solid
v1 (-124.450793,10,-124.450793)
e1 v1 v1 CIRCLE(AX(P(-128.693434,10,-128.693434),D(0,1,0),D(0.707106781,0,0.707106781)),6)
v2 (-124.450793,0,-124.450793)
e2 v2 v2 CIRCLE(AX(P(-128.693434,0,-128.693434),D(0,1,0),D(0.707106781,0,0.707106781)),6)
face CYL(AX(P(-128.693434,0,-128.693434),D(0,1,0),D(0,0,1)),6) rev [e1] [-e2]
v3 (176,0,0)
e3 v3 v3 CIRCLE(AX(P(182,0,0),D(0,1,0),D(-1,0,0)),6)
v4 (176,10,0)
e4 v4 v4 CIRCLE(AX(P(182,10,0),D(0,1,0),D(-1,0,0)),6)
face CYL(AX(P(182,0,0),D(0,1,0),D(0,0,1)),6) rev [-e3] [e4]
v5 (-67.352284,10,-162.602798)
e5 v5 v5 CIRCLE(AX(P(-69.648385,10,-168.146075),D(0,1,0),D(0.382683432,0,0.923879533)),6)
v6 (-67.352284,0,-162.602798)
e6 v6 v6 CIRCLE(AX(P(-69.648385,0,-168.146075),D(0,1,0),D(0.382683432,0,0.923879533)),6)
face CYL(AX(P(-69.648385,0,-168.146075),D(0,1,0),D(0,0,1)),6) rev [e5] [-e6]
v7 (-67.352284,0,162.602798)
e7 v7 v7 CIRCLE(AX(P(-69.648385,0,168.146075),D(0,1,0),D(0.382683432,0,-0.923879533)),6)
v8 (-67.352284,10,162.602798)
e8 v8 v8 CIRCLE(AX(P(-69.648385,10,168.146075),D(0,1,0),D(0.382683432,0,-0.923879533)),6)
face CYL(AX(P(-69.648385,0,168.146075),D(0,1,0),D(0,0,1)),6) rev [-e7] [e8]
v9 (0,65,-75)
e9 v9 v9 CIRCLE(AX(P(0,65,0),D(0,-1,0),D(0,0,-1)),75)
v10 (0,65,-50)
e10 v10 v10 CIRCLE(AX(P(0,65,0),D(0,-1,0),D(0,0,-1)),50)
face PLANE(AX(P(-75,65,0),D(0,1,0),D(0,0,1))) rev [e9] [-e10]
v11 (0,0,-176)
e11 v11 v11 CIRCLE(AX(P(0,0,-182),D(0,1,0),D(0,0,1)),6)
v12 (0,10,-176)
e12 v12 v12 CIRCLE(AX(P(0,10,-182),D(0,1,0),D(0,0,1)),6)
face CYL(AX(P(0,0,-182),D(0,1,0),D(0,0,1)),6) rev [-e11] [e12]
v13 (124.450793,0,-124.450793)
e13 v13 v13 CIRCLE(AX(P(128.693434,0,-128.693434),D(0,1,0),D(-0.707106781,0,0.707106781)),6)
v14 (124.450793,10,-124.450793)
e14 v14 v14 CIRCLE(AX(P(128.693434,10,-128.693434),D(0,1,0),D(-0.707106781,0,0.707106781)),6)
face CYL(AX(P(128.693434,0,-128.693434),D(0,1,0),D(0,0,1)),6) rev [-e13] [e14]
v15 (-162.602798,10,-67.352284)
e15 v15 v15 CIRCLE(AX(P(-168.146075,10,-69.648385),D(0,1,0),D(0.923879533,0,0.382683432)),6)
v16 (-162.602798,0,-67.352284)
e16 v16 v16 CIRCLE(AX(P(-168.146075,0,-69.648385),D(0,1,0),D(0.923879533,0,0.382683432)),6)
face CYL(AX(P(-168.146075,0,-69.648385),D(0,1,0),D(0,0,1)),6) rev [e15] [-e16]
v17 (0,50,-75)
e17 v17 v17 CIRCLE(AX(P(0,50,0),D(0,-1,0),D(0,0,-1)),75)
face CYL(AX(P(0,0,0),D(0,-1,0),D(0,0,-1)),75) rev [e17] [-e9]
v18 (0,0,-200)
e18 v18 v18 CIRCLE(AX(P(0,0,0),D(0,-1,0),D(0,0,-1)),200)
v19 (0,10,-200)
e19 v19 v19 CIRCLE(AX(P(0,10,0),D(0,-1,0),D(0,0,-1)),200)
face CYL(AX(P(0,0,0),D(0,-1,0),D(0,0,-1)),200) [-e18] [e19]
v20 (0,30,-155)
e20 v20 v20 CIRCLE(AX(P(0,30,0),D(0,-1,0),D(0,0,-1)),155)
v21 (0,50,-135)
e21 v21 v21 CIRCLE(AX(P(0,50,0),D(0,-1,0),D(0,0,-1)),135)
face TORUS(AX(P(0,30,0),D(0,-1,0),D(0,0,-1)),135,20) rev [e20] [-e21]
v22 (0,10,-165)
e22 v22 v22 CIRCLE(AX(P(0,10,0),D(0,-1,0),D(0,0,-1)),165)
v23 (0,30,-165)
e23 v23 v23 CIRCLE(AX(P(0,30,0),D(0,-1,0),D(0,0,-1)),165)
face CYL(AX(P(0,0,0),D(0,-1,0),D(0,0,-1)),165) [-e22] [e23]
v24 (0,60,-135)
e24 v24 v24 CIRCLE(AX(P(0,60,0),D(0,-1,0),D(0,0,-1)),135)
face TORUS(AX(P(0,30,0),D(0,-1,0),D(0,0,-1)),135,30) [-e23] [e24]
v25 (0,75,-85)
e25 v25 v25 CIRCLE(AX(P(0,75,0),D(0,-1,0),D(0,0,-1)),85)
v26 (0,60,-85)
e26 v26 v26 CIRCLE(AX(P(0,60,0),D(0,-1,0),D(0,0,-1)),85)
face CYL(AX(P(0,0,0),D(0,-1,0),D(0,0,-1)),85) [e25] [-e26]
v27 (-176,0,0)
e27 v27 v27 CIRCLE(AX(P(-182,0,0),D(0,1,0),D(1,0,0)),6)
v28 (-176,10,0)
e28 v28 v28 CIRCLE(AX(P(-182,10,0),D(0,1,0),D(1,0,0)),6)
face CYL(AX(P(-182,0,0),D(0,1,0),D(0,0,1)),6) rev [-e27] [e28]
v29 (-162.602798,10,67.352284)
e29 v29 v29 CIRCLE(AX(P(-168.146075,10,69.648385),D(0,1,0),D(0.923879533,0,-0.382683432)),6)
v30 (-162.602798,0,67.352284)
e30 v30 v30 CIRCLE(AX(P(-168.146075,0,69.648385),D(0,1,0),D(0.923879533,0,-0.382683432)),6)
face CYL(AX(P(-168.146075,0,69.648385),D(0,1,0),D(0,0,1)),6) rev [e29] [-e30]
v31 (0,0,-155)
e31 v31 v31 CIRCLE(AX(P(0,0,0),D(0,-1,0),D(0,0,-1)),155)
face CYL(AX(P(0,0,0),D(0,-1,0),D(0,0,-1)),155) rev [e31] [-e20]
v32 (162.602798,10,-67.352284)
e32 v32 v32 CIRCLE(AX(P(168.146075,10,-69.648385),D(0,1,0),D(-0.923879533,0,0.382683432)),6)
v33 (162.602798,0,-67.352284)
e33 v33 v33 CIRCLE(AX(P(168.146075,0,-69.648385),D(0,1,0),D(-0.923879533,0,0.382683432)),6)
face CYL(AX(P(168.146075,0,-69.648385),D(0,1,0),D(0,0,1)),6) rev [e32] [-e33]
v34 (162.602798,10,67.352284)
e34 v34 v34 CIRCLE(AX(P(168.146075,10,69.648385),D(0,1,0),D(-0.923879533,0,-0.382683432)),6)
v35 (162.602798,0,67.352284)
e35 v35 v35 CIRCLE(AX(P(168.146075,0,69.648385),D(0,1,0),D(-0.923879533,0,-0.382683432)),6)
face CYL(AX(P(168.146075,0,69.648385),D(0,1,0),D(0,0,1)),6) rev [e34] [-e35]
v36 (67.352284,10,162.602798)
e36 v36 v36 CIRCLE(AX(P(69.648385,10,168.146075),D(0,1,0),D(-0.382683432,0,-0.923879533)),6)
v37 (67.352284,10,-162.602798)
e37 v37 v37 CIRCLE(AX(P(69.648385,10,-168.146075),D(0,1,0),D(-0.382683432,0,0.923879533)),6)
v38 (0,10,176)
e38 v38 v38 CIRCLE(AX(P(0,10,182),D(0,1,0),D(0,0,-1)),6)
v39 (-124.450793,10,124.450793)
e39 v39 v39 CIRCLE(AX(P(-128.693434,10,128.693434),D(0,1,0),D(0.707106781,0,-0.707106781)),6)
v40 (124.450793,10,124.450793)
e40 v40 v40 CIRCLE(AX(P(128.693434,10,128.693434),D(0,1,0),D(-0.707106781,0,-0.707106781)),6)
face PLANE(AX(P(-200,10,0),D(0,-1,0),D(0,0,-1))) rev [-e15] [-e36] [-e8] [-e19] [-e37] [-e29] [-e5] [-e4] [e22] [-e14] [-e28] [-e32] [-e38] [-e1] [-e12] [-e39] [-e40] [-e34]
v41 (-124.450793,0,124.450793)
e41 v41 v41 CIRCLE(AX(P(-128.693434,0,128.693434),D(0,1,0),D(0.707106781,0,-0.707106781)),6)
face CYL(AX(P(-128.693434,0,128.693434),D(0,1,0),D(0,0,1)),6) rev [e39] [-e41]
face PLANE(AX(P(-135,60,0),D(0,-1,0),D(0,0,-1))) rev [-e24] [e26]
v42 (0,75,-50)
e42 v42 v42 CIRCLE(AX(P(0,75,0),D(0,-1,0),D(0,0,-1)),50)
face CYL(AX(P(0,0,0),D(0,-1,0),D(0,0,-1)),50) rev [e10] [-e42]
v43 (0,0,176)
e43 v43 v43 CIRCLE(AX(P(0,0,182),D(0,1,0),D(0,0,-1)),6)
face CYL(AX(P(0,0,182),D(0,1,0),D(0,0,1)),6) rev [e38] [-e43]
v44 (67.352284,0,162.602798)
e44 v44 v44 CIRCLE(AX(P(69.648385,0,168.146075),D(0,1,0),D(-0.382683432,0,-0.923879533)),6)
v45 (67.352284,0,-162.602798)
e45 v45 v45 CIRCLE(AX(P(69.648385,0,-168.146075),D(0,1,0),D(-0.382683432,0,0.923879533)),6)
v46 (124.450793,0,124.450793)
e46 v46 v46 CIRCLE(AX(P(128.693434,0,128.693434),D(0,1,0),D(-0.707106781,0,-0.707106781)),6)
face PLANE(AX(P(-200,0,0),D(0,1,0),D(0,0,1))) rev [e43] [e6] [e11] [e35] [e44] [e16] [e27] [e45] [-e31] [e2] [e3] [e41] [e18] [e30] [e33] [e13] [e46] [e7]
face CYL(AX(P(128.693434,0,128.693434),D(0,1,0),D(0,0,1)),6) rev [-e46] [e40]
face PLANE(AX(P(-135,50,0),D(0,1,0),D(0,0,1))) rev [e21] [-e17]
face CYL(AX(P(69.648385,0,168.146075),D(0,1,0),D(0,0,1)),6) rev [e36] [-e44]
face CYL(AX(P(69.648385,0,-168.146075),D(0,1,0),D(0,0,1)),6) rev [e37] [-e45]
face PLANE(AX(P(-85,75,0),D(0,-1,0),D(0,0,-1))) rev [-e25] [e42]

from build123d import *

# Parameters (mm, degrees)
SKETCH2_R          = 6
CUT_EXTRUDE8_DEPTH = 291.215437219
CIRPATTERN1_COUNT  = 16


with BuildPart() as part:
    # Sketch1 → Revolve2 (revolve)
    with BuildSketch(Plane.XY, mode=Mode.PRIVATE) as revolve2_sk:
        with BuildLine():
            Line((-200, 10), (-165, 10))
            Line((-165, 10), (-165, 30))
            ThreePointArc((-165, 30), (-156.213203436, 51.213203436), (-135, 60))
            Line((-135, 60), (-85, 60))
            Line((-85, 60), (-85, 75))
            Line((-85, 75), (-50, 75))
            Line((-50, 75), (-50, 65))
            Line((-50, 65), (-75, 65))
            Line((-75, 65), (-75, 50))
            Line((-75, 50), (-135, 50))
            ThreePointArc((-135, 50), (-149.142135624, 44.142135624), (-155, 30))
            Line((-155, 30), (-155, 0))
            Line((-155, 0), (-200, 0))
            Line((-200, 0), (-200, 10))
        make_face()
    revolve(revolve2_sk.sketch.rotate(Axis((0, 0, 0), (0, 1, 0)), 270), axis=Axis((0, 0, 0), (0, 1, 0)))

    # Sketch2 → Cut-Extrude8 (cut, through all)
    with BuildSketch(Plane(origin=(0, 10, 0), x_dir=(1, 0, 0), z_dir=(0, 1, 0))):
        with Locations(Location((0, 182, 0), (0, 0, 270))):
            Circle(SKETCH2_R)
    cut_extrude8 = extrude(amount=-CUT_EXTRUDE8_DEPTH, mode=Mode.SUBTRACT)

    # CirPattern1: Cut-Extrude8 ×16 about axis
    cirpattern1_axis = Axis((0, 0, 0), (0, 1, 0))
    for i in range(1, CIRPATTERN1_COUNT):
        add(cut_extrude8.rotate(cirpattern1_axis, i * 360 / CIRPATTERN1_COUNT), mode=Mode.SUBTRACT)


solid = part.part
